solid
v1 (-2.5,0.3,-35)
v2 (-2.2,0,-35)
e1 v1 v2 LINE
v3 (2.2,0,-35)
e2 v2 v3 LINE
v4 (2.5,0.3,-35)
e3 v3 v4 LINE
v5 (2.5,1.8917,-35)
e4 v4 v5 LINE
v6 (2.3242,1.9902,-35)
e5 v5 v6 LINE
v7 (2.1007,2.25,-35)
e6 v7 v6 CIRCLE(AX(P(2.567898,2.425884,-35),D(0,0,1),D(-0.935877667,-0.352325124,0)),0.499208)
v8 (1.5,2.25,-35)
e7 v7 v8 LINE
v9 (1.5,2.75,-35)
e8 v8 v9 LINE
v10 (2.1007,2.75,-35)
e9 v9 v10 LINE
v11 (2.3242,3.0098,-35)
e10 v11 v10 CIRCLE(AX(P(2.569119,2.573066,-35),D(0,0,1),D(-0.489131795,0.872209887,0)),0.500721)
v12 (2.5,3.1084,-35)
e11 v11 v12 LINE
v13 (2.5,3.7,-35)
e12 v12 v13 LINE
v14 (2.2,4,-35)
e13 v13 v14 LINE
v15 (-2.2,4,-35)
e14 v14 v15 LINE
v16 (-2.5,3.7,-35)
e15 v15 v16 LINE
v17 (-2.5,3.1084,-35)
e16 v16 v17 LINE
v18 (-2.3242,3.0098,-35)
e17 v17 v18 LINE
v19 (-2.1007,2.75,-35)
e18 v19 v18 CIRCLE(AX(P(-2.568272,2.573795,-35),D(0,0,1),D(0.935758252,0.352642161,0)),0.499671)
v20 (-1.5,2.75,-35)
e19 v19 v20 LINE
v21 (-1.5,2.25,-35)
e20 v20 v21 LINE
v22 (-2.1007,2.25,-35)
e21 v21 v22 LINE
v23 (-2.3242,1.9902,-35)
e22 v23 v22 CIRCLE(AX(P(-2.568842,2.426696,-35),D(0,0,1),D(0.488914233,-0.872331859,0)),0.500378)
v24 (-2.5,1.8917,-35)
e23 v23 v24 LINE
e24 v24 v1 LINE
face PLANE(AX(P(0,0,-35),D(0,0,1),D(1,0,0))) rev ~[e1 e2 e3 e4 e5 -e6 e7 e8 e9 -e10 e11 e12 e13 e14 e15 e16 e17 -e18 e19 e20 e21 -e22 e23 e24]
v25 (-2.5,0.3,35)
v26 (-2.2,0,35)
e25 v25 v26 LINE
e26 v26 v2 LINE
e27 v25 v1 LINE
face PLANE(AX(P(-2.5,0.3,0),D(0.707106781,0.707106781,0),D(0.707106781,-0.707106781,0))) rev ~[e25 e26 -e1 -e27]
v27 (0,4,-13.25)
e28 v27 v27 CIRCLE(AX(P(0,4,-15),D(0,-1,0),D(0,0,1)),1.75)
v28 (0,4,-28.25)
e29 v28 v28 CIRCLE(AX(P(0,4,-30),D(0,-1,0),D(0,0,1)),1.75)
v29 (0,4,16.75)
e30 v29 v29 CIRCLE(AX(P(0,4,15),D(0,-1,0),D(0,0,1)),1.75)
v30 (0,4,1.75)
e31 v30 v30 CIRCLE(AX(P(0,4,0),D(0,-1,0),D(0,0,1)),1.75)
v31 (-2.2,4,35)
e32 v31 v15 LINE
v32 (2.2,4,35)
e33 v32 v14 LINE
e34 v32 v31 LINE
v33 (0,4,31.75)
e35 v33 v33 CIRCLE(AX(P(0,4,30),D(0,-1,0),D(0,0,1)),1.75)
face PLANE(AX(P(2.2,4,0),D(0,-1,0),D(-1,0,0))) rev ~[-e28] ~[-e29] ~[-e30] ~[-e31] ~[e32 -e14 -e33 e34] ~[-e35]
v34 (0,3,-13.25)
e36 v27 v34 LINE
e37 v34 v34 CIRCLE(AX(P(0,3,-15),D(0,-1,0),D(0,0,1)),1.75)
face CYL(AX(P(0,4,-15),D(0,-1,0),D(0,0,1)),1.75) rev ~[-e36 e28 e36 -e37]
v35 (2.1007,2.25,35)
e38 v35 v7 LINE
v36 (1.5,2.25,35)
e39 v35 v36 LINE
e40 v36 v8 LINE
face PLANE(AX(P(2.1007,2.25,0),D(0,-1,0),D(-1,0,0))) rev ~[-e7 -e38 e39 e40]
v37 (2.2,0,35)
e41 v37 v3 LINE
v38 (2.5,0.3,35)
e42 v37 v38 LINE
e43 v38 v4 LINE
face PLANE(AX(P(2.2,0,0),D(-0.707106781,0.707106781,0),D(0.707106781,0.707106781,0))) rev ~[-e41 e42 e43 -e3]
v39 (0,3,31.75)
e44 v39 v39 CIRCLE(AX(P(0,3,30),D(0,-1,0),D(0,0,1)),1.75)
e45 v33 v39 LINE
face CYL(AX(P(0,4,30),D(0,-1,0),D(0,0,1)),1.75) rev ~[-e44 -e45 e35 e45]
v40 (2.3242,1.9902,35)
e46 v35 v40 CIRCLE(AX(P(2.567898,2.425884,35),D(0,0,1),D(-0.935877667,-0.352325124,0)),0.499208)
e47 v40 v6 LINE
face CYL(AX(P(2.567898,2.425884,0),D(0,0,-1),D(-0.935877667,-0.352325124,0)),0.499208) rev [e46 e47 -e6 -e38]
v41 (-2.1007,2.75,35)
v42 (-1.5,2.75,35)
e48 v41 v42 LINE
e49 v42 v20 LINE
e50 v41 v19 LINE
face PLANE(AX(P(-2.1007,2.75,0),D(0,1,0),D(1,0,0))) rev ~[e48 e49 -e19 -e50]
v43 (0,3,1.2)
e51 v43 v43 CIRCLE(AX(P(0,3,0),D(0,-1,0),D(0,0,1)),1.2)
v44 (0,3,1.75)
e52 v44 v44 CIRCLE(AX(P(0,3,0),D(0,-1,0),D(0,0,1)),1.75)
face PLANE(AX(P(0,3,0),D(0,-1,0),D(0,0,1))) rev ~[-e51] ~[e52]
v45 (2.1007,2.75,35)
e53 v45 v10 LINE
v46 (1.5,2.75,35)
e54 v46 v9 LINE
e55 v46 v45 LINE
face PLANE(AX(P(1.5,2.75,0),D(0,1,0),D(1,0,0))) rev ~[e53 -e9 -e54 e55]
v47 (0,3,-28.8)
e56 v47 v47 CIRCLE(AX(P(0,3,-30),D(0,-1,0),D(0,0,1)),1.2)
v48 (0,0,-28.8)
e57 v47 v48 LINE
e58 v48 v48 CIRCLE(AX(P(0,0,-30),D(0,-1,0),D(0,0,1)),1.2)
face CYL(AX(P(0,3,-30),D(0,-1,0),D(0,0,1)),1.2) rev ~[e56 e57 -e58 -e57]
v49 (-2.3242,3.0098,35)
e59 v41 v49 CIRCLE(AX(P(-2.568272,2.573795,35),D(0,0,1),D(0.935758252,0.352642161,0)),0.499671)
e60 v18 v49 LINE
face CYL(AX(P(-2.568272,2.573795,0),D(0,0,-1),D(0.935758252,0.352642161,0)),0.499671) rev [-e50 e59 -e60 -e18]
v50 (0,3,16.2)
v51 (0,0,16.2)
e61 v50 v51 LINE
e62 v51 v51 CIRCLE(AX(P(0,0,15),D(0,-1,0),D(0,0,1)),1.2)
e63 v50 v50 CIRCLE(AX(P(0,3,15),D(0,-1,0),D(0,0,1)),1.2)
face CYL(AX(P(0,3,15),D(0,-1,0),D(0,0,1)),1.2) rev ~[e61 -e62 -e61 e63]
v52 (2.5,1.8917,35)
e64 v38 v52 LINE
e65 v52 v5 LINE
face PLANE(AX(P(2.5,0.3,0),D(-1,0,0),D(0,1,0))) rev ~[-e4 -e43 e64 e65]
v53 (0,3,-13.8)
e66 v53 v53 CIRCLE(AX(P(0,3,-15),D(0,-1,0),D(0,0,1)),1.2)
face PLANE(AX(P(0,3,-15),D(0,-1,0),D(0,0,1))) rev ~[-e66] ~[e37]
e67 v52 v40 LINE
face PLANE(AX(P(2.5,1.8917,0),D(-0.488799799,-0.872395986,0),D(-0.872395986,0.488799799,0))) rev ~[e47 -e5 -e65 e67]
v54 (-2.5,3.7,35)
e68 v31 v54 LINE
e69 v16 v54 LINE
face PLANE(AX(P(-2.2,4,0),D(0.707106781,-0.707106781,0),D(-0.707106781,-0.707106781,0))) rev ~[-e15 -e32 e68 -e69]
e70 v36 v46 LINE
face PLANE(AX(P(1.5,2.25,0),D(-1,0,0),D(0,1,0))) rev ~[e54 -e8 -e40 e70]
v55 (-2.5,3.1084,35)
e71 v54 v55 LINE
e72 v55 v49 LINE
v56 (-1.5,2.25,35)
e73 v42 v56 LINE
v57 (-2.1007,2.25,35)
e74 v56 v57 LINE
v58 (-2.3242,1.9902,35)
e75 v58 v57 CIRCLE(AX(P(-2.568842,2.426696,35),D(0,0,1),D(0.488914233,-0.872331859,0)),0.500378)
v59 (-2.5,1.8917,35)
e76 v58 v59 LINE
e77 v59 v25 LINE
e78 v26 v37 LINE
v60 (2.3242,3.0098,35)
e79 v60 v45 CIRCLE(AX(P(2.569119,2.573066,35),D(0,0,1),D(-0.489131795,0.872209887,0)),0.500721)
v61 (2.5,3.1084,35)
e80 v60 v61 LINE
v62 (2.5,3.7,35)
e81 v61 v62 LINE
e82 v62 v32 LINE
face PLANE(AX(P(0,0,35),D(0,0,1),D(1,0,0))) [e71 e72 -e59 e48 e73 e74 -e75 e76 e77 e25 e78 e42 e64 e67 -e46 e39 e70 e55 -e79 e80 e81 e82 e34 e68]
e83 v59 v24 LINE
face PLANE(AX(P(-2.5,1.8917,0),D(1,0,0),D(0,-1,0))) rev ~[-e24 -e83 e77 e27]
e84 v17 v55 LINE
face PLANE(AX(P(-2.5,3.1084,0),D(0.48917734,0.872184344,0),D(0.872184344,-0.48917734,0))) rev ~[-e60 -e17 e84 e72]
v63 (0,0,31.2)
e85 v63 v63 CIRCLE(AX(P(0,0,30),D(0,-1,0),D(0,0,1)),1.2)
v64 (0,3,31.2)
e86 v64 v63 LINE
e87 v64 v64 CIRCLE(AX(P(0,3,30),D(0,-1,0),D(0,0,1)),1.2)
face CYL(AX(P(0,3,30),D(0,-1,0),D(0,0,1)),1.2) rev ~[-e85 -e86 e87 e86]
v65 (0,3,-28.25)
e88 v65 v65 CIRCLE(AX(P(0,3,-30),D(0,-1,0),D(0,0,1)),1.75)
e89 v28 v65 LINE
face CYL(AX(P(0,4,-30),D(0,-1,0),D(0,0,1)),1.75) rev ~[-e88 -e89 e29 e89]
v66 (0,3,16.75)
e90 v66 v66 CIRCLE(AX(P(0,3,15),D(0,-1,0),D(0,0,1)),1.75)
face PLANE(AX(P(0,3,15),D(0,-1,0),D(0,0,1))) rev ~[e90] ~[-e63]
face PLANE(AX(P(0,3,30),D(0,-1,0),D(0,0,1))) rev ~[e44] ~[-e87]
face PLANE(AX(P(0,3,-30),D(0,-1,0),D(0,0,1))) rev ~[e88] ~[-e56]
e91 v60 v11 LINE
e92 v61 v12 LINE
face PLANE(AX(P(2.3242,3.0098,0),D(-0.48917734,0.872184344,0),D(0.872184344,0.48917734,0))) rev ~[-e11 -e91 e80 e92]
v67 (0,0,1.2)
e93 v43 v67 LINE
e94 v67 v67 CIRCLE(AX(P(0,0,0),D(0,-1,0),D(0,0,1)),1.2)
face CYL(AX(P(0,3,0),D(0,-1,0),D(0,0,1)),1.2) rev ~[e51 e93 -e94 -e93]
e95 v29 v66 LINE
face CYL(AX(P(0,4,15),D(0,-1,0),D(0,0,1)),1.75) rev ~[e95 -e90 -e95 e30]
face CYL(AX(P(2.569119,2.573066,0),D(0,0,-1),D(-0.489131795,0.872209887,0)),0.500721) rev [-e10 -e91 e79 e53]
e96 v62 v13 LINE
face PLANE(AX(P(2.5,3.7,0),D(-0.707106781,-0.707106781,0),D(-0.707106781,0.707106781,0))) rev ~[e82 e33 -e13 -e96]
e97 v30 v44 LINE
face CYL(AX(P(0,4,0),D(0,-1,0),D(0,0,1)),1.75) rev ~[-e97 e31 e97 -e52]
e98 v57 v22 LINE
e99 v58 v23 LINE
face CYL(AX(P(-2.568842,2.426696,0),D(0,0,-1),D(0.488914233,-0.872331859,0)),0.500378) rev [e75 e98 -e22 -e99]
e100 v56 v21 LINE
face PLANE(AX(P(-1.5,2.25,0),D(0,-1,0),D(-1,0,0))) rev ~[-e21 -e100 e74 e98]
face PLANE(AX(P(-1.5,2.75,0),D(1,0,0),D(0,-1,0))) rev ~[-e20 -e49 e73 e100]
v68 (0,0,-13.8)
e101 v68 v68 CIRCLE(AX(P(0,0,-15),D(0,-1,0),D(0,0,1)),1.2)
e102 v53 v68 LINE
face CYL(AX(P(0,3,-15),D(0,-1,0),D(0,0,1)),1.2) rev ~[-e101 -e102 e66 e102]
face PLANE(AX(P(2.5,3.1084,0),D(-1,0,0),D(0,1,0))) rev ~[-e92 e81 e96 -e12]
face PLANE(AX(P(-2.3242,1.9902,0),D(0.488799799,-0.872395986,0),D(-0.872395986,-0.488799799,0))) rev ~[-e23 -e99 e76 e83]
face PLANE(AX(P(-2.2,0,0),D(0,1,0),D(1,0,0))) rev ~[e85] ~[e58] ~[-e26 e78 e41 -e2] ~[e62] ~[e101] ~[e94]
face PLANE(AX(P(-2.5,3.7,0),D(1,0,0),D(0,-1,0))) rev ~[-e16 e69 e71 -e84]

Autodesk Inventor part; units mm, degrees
sketch "Sketch_12" plane through (0, 0, 0) normal (0, 0, 1) x (1, 0, 0)
  line L0 (-2.5, 3.7) -> (-2.5, 3.1084)
  line L1 (-2.5, 3.1084) -> (-2.3242, 3.0098)
  arc A0 (-2.1007, 2.75) -> (-2.3242, 3.0098) centre (-2.5686, 2.5736) ccw
  line L2 (-2.1007, 2.75) -> (-1.5, 2.75)
  line L3 (-1.5, 2.75) -> (-1.5, 2.25)
  line L4 (-1.5, 2.25) -> (-2.1007, 2.25)
  arc A1 (-2.3242, 1.9902) -> (-2.1007, 2.25) centre (-2.5686, 2.4264) ccw
  line L5 (-2.3242, 1.9902) -> (-2.5, 1.8917)
  line L6 (-2.5, 1.8917) -> (-2.5, 0.3)
  line L7 (-2.5, 0.3) -> (-2.2, 0)
  line L8 (-2.2, 0) -> (2.2, 0)
  line L9 (2.2, 0) -> (2.5, 0.3)
  line L10 (2.5, 0.3) -> (2.5, 1.8917)
  line L11 (2.5, 1.8917) -> (2.3242, 1.9902)
  arc A2 (2.1007, 2.25) -> (2.3242, 1.9902) centre (2.5686, 2.4263) ccw
  line L12 (2.1007, 2.25) -> (1.5, 2.25)
  line L13 (1.5, 2.25) -> (1.5, 2.75)
  line L14 (1.5, 2.75) -> (2.1007, 2.75)
  arc A3 (2.3242, 3.0098) -> (2.1007, 2.75) centre (2.5686, 2.5737) ccw
  line L15 (2.3242, 3.0098) -> (2.5, 3.1084)
  line L16 (2.5, 3.1084) -> (2.5, 3.7)
  line L17 (2.5, 3.7) -> (2.2, 4)
  line L18 (2.2, 4) -> (-2.2, 4)
  line L19 (-2.2, 4) -> (-2.5, 3.7)
extrude "Extrusion1" add sketch "Sketch_12" along normal mid plane 70
sketch "Sketch2" plane through (-2.2, 4, 35) normal (0, 1, 0) x (1, 0, 0)
  point P0 (2.2, 65)
hole "Hole1" at (0, 4, -30) direction (0, -1, 0) diameter 2.4 depth 4 counterbore diameter 3.5 counterbore depth 1
pattern_linear "Rectangular Pattern1" count 5 spacing 15 along (0, 0, 1) of "Hole1"
ref_plane "rail_to_adjusting_block_XY" through (0, 0, -30) normal (0, 1, 0) x (1, 0, 0)
ref_plane "rail_to_adjusting_block_YZ" through (0, 0, -30) normal (1, 0, 0) x (0, 0, -1)
ref_plane "rail_to_adjusting_block_ZX" through (0, 0, -30) normal (0, 0, -1) x (0, 1, 0)
ref_plane "screw_1_XY" through (0, 3, 30) normal (0, -1, 0) x (1, 0, 0)
ref_plane "screw_1_YZ" through (0, 3, 30) normal (1, 0, 0) x (0, 0, 1)
ref_plane "screw_1_ZX" through (0, 3, 30) normal (0, 0, 1) x (0, -1, 0)
ref_plane "screw_2_XY" through (0, 3, 15) normal (0, -1, 0) x (1, 0, 0)
ref_plane "screw_2_YZ" through (0, 3, 15) normal (1, 0, 0) x (0, 0, 1)
ref_plane "screw_2_ZX" through (0, 3, 15) normal (0, 0, 1) x (0, -1, 0)
ref_plane "screw_3_XY" through (0, 3, 0) normal (0, -1, 0) x (1, 0, 0)
ref_plane "screw_3_YZ" through (0, 3, 0) normal (1, 0, 0) x (0, 0, 1)
ref_plane "screw_3_ZX" through (0, 3, 0) normal (0, 0, 1) x (0, -1, 0)
ref_plane "screw_4_XY" through (0, 3, -15) normal (0, -1, 0) x (1, 0, 0)
ref_plane "screw_4_YZ" through (0, 3, -15) normal (1, 0, 0) x (0, 0, 1)
ref_plane "screw_4_ZX" through (0, 3, -15) normal (0, 0, 1) x (0, -1, 0)
ref_plane "screw_5_XY" through (0, 3, -30) normal (0, -1, 0) x (1, 0, 0)
ref_plane "screw_5_YZ" through (0, 3, -30) normal (1, 0, 0) x (0, 0, 1)
ref_plane "screw_5_ZX" through (0, 3, -30) normal (0, 0, 1) x (0, -1, 0)
ref_plane "to_block_XY" through (0, 4, 17.5) normal (0, 0, 1) x (1, 0, 0)
ref_plane "to_block_YZ" through (0, 4, 17.5) normal (1, 0, 0) x (0, 1, 0)
ref_plane "to_block_ZX" through (0, 4, 17.5) normal (0, 1, 0) x (0, 0, 1)
ref_plane "to_block_2_XY" through (0, 4, -17.5) normal (0, 0, 1) x (1, 0, 0)
ref_plane "to_block_2_YZ" through (0, 4, -17.5) normal (1, 0, 0) x (0, 1, 0)
ref_plane "to_block_2_ZX" through (0, 4, -17.5) normal (0, 1, 0) x (0, 0, 1)
ref_plane "to_kue_XY" through (0, 0, 0) normal (0, 1, 0) x (1, 0, 0)
ref_plane "to_kue_YZ" through (0, 0, 0) normal (1, 0, 0) x (0, 0, -1)
ref_plane "to_kue_ZX" through (0, 0, 0) normal (0, 0, -1) x (0, 1, 0)
properties part number "SSE2B6-70_r"
